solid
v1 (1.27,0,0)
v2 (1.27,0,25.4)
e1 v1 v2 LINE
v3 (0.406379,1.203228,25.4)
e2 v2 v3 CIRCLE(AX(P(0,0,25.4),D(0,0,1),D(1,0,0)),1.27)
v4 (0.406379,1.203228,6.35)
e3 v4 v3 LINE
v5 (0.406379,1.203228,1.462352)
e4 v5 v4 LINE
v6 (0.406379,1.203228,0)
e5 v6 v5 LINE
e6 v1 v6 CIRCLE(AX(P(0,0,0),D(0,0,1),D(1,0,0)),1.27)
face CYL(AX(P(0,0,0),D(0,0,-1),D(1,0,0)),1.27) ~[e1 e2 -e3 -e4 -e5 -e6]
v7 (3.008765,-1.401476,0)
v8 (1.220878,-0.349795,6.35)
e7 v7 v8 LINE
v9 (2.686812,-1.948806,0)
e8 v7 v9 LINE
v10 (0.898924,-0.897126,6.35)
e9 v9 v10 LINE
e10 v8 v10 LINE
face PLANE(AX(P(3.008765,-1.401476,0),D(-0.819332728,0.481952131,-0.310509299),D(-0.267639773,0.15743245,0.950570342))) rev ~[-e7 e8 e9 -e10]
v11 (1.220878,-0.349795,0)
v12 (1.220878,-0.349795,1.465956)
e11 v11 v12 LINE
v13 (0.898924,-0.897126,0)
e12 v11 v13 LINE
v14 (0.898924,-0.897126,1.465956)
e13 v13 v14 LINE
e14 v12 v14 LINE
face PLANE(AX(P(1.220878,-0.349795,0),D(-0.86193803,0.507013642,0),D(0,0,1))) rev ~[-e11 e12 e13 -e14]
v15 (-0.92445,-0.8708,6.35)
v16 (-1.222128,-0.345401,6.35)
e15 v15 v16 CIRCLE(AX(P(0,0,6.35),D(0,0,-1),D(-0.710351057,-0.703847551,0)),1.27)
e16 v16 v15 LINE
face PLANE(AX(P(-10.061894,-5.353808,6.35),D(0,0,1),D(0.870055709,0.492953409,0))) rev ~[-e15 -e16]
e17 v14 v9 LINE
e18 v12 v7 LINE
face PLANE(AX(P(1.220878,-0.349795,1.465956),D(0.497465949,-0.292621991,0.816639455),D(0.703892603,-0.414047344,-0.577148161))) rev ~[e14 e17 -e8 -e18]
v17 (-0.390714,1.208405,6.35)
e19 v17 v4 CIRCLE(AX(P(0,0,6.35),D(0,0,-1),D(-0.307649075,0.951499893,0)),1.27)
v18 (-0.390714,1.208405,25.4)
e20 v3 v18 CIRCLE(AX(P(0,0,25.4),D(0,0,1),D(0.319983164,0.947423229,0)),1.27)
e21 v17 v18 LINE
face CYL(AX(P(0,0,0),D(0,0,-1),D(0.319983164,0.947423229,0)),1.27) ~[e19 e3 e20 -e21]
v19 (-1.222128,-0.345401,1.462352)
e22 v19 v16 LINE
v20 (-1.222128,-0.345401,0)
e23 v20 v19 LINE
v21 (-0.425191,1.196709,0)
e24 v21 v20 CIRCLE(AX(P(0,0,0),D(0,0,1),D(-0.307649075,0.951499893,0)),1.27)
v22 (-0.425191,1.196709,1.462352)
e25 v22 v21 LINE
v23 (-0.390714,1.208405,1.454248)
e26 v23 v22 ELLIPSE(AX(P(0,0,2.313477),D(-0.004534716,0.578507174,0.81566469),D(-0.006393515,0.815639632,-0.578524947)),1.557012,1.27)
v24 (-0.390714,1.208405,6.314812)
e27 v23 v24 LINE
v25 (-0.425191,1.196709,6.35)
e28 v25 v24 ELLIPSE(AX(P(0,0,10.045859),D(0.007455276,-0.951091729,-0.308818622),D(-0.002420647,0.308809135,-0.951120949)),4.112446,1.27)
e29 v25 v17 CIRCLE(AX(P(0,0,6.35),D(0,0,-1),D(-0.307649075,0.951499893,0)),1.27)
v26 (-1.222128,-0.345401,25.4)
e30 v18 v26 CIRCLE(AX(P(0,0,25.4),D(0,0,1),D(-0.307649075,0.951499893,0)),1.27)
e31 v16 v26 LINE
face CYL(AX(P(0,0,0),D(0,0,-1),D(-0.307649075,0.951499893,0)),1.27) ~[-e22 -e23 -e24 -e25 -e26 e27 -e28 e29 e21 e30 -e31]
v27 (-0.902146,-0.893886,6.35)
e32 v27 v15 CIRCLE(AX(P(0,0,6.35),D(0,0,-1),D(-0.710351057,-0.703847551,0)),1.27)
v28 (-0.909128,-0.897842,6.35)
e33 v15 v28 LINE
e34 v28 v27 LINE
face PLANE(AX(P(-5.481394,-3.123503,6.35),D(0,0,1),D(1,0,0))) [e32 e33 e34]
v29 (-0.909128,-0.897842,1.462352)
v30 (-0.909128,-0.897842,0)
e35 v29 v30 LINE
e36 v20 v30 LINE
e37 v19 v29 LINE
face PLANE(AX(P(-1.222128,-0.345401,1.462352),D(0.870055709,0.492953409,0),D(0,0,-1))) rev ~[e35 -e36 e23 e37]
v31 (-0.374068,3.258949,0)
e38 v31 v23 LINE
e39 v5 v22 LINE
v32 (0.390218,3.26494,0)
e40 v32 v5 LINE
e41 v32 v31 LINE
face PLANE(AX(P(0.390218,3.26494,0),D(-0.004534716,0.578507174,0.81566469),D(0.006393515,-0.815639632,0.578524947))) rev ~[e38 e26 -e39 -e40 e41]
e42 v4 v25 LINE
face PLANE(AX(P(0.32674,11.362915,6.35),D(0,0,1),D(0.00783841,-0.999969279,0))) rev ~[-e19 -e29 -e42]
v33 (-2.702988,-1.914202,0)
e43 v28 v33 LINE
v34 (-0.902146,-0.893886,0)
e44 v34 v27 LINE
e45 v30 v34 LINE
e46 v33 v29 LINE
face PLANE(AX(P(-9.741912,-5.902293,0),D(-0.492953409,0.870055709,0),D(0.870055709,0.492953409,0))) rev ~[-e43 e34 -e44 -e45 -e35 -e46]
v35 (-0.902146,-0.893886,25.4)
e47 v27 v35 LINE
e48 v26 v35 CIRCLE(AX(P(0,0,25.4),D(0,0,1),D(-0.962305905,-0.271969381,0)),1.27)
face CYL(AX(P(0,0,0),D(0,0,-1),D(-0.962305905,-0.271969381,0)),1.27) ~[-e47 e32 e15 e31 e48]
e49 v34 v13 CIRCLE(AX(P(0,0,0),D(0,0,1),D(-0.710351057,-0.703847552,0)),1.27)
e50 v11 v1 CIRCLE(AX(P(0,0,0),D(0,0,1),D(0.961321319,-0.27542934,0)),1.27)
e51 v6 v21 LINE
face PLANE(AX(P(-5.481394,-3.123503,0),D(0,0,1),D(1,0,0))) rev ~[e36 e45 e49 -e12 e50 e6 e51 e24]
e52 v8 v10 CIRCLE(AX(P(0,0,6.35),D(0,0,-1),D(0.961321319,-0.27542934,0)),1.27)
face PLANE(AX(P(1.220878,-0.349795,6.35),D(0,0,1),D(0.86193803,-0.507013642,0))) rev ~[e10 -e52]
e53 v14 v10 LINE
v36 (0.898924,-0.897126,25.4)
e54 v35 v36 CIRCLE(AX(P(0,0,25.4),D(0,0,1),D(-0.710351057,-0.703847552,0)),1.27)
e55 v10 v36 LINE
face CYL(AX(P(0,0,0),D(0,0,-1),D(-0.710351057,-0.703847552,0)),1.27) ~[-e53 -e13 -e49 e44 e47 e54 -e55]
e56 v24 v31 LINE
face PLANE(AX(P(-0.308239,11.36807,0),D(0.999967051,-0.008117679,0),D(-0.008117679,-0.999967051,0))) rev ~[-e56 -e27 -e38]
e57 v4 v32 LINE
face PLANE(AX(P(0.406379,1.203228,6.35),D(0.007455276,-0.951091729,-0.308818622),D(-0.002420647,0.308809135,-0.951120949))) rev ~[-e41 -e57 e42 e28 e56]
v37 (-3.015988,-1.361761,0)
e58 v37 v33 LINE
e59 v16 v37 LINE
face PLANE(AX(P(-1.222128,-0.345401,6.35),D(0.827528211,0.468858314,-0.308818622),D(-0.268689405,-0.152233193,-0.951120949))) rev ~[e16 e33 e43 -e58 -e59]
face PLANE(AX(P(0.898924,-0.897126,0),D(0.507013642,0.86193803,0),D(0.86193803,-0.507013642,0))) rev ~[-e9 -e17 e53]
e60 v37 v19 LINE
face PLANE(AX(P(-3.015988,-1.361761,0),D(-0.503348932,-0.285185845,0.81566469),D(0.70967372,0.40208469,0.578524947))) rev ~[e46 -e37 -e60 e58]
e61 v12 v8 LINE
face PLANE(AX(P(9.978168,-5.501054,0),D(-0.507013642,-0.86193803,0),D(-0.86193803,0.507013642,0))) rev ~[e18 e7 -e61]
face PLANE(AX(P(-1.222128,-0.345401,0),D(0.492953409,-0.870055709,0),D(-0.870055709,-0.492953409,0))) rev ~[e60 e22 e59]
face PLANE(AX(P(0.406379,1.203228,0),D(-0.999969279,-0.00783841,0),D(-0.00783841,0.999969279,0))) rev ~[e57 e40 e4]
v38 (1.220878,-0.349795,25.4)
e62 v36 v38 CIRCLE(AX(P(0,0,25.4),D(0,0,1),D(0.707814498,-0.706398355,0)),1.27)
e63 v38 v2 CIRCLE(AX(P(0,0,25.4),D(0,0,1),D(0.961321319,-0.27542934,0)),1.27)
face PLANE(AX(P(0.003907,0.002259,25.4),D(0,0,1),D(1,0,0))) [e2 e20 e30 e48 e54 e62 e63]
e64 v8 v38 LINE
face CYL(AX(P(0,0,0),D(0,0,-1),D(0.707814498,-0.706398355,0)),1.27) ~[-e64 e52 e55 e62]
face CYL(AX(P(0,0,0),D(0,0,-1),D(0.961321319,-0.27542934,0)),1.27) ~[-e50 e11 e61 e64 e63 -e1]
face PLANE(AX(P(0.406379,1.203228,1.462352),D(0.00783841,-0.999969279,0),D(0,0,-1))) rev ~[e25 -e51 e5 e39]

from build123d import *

# Parameters (mm, degrees)
F1_DEPTH   = 25.4
F2_DEPTH   = 6.35
F4_DEPTH   = 25.4
F5_DEPTH   = 25.4
F2_FACE2_W = 0.635
F2_FACE2_H = 6.35
F2_FACE3_W = 10.16
F2_FACE3_H = 6.35
F7_DEPTH   = 25.4
F9_DEPTH   = 25.4


with BuildPart() as f1:
    # F0 (on Top) → F1 (new body)
    with BuildSketch(Plane.XY):
        with BuildLine():
            ThreePointArc((1.2208780752, -0.3497952621), (1.2576595635, -0.1766137657), (1.27, 0))
            ThreePointArc((1.27, 0), (1.0317462976, 0.7405400579), (0.4063786184, 1.2032275007))
            ThreePointArc((0.4063786184, 1.2032275007), (0.0082488661, 1.2699732108), (-0.3907143254, 1.2084048642))
            ThreePointArc((-0.3907143254, 1.2084048642), (-1.1197739724, 0.5991713033), (-1.2221285, -0.3454011139))
            ThreePointArc((-1.2221285, -0.3454011139), (-1.0969705534, -0.6399653154), (-0.9021458423, -0.8938863906))
            ThreePointArc((-0.9021458423, -0.8938863906), (-0.0022842997, -1.2699979457), (0.8989244127, -0.897125911))
            ThreePointArc((0.8989244127, -0.897125911), (1.0946612978, -0.643907325), (1.2208780752, -0.3497952621))
        make_face()
    extrude(amount=F1_DEPTH)

    # F0 (on Top) → F2 (join)
    with BuildSketch(Plane.XY):
        with BuildLine():
            ThreePointArc((-0.9021458423, -0.8938863906), (-1.0969705534, -0.6399653154), (-1.2221285, -0.3454011139))
            Line((-1.2221285, -0.3454011139), (-10.0618945001, -5.3538077531))
            Line((-10.0618945001, -5.3538077531), (-9.7419118424, -5.9022930298))
            Line((-9.7419118424, -5.9022930298), (-0.9021458423, -0.8938863906))
        make_face()
        with BuildLine():
            ThreePointArc((-0.3907143254, 1.2084048642), (0.0082488661, 1.2699732108), (0.4063786184, 1.2032275007))
            Line((0.4063786184, 1.2032275007), (0.32674037, 11.3629153773))
            Line((0.32674037, 11.3629153773), (-0.3082387074, 11.3680701034))
            Line((-0.3082387074, 11.3680701034), (-0.3907143254, 1.2084048642))
        make_face()
        with BuildLine():
            Line((9.9781684573, -5.5010538621), (1.2208780752, -0.3497952621))
            ThreePointArc((1.2208780752, -0.3497952621), (1.0946612978, -0.643907325), (0.8989244127, -0.897125911))
            Line((0.8989244127, -0.897125911), (9.6562147948, -6.0483845109))
            Line((9.6562147948, -6.0483845109), (9.9781684573, -5.5010538621))
        make_face()
    extrude(amount=F2_DEPTH)

    # F3 (on face) → F4 (cut)
    with BuildSketch(Plane(origin=(0.1609768312, 0.2736653244, 0), x_dir=(-0.8619380297, 0.5070136417, 0), z_dir=(0.5070136417, 0.8619380297, 0))):
        Polygon((-11.3896722124, 0), (-3.303936429, 0), (-1.2296722124, 6.35), (-11.3896722124, 6.35), align=None)
    extrude(amount=-F4_DEPTH, mode=Mode.SUBTRACT)

    # F3 (on face) → F5 (cut)
    with BuildSketch(Plane(origin=(0.1609768312, 0.2736653244, 0), x_dir=(-0.8619380297, 0.5070136417, 0), z_dir=(0.5070136417, 0.8619380297, 0))):
        Polygon((-1.2296722124, 0), (-1.2296722124, 1.4659563295), (-3.303936429, 0), align=None)
    extrude(amount=-F5_DEPTH, mode=Mode.SUBTRACT)

    # F6 (on face) + F2_face2 (on face) + F2_face3 (on face) → F7 (cut)
    with BuildSketch(Plane(origin=(0.4157847513, 0.0032591916, 0), x_dir=(-0.0078384103, 0.9999692792, 0), z_dir=(0.9999692792, 0.0078384103, 0))):
        Polygon((1.2000051743, 6.35), (3.2617810744, 0), (11.3600051743, 0), (11.3600051743, 6.35), align=None)
        Polygon((3.2617810744, 0), (1.2000051743, 1.46235188), (1.2000051743, 0), align=None)
    with BuildSketch(Plane(origin=(0.0092508313, 11.3654927404, 3.175), x_dir=(-0.9999670511, 0.0081176789, 0), z_dir=(0.0081176789, 0.9999670511, 0))):
        Rectangle(F2_FACE2_W, F2_FACE2_H)
    with BuildSketch(Plane(origin=(-0.3494765164, 6.2882374838, 3.175), x_dir=(-0.0081176789, -0.9999670511, 0), z_dir=(-0.9999670511, 0.0081176789, 0))):
        Rectangle(F2_FACE3_W, F2_FACE3_H)
    extrude(amount=-F7_DEPTH, dir=(0.9999692792, 0.0078384103, 0), mode=Mode.SUBTRACT)

    # F8 (on face) → F9 (cut)
    with BuildSketch(Plane(origin=(-0.1488394932, 0.2626995742, 0), x_dir=(-0.8700557087, -0.4929534094, 0), z_dir=(-0.4929534094, 0.8700557087, 0))):
        Polygon((1.2335865348, 6.35), (3.295362435, 0), (11.3935865348, 0), (11.3935865348, 6.35), align=None)
        Polygon((3.295362435, 0), (1.2335865348, 1.46235188), (1.2335865348, 0), align=None)
    extrude(amount=-F9_DEPTH, mode=Mode.SUBTRACT)


solid = f1.part
